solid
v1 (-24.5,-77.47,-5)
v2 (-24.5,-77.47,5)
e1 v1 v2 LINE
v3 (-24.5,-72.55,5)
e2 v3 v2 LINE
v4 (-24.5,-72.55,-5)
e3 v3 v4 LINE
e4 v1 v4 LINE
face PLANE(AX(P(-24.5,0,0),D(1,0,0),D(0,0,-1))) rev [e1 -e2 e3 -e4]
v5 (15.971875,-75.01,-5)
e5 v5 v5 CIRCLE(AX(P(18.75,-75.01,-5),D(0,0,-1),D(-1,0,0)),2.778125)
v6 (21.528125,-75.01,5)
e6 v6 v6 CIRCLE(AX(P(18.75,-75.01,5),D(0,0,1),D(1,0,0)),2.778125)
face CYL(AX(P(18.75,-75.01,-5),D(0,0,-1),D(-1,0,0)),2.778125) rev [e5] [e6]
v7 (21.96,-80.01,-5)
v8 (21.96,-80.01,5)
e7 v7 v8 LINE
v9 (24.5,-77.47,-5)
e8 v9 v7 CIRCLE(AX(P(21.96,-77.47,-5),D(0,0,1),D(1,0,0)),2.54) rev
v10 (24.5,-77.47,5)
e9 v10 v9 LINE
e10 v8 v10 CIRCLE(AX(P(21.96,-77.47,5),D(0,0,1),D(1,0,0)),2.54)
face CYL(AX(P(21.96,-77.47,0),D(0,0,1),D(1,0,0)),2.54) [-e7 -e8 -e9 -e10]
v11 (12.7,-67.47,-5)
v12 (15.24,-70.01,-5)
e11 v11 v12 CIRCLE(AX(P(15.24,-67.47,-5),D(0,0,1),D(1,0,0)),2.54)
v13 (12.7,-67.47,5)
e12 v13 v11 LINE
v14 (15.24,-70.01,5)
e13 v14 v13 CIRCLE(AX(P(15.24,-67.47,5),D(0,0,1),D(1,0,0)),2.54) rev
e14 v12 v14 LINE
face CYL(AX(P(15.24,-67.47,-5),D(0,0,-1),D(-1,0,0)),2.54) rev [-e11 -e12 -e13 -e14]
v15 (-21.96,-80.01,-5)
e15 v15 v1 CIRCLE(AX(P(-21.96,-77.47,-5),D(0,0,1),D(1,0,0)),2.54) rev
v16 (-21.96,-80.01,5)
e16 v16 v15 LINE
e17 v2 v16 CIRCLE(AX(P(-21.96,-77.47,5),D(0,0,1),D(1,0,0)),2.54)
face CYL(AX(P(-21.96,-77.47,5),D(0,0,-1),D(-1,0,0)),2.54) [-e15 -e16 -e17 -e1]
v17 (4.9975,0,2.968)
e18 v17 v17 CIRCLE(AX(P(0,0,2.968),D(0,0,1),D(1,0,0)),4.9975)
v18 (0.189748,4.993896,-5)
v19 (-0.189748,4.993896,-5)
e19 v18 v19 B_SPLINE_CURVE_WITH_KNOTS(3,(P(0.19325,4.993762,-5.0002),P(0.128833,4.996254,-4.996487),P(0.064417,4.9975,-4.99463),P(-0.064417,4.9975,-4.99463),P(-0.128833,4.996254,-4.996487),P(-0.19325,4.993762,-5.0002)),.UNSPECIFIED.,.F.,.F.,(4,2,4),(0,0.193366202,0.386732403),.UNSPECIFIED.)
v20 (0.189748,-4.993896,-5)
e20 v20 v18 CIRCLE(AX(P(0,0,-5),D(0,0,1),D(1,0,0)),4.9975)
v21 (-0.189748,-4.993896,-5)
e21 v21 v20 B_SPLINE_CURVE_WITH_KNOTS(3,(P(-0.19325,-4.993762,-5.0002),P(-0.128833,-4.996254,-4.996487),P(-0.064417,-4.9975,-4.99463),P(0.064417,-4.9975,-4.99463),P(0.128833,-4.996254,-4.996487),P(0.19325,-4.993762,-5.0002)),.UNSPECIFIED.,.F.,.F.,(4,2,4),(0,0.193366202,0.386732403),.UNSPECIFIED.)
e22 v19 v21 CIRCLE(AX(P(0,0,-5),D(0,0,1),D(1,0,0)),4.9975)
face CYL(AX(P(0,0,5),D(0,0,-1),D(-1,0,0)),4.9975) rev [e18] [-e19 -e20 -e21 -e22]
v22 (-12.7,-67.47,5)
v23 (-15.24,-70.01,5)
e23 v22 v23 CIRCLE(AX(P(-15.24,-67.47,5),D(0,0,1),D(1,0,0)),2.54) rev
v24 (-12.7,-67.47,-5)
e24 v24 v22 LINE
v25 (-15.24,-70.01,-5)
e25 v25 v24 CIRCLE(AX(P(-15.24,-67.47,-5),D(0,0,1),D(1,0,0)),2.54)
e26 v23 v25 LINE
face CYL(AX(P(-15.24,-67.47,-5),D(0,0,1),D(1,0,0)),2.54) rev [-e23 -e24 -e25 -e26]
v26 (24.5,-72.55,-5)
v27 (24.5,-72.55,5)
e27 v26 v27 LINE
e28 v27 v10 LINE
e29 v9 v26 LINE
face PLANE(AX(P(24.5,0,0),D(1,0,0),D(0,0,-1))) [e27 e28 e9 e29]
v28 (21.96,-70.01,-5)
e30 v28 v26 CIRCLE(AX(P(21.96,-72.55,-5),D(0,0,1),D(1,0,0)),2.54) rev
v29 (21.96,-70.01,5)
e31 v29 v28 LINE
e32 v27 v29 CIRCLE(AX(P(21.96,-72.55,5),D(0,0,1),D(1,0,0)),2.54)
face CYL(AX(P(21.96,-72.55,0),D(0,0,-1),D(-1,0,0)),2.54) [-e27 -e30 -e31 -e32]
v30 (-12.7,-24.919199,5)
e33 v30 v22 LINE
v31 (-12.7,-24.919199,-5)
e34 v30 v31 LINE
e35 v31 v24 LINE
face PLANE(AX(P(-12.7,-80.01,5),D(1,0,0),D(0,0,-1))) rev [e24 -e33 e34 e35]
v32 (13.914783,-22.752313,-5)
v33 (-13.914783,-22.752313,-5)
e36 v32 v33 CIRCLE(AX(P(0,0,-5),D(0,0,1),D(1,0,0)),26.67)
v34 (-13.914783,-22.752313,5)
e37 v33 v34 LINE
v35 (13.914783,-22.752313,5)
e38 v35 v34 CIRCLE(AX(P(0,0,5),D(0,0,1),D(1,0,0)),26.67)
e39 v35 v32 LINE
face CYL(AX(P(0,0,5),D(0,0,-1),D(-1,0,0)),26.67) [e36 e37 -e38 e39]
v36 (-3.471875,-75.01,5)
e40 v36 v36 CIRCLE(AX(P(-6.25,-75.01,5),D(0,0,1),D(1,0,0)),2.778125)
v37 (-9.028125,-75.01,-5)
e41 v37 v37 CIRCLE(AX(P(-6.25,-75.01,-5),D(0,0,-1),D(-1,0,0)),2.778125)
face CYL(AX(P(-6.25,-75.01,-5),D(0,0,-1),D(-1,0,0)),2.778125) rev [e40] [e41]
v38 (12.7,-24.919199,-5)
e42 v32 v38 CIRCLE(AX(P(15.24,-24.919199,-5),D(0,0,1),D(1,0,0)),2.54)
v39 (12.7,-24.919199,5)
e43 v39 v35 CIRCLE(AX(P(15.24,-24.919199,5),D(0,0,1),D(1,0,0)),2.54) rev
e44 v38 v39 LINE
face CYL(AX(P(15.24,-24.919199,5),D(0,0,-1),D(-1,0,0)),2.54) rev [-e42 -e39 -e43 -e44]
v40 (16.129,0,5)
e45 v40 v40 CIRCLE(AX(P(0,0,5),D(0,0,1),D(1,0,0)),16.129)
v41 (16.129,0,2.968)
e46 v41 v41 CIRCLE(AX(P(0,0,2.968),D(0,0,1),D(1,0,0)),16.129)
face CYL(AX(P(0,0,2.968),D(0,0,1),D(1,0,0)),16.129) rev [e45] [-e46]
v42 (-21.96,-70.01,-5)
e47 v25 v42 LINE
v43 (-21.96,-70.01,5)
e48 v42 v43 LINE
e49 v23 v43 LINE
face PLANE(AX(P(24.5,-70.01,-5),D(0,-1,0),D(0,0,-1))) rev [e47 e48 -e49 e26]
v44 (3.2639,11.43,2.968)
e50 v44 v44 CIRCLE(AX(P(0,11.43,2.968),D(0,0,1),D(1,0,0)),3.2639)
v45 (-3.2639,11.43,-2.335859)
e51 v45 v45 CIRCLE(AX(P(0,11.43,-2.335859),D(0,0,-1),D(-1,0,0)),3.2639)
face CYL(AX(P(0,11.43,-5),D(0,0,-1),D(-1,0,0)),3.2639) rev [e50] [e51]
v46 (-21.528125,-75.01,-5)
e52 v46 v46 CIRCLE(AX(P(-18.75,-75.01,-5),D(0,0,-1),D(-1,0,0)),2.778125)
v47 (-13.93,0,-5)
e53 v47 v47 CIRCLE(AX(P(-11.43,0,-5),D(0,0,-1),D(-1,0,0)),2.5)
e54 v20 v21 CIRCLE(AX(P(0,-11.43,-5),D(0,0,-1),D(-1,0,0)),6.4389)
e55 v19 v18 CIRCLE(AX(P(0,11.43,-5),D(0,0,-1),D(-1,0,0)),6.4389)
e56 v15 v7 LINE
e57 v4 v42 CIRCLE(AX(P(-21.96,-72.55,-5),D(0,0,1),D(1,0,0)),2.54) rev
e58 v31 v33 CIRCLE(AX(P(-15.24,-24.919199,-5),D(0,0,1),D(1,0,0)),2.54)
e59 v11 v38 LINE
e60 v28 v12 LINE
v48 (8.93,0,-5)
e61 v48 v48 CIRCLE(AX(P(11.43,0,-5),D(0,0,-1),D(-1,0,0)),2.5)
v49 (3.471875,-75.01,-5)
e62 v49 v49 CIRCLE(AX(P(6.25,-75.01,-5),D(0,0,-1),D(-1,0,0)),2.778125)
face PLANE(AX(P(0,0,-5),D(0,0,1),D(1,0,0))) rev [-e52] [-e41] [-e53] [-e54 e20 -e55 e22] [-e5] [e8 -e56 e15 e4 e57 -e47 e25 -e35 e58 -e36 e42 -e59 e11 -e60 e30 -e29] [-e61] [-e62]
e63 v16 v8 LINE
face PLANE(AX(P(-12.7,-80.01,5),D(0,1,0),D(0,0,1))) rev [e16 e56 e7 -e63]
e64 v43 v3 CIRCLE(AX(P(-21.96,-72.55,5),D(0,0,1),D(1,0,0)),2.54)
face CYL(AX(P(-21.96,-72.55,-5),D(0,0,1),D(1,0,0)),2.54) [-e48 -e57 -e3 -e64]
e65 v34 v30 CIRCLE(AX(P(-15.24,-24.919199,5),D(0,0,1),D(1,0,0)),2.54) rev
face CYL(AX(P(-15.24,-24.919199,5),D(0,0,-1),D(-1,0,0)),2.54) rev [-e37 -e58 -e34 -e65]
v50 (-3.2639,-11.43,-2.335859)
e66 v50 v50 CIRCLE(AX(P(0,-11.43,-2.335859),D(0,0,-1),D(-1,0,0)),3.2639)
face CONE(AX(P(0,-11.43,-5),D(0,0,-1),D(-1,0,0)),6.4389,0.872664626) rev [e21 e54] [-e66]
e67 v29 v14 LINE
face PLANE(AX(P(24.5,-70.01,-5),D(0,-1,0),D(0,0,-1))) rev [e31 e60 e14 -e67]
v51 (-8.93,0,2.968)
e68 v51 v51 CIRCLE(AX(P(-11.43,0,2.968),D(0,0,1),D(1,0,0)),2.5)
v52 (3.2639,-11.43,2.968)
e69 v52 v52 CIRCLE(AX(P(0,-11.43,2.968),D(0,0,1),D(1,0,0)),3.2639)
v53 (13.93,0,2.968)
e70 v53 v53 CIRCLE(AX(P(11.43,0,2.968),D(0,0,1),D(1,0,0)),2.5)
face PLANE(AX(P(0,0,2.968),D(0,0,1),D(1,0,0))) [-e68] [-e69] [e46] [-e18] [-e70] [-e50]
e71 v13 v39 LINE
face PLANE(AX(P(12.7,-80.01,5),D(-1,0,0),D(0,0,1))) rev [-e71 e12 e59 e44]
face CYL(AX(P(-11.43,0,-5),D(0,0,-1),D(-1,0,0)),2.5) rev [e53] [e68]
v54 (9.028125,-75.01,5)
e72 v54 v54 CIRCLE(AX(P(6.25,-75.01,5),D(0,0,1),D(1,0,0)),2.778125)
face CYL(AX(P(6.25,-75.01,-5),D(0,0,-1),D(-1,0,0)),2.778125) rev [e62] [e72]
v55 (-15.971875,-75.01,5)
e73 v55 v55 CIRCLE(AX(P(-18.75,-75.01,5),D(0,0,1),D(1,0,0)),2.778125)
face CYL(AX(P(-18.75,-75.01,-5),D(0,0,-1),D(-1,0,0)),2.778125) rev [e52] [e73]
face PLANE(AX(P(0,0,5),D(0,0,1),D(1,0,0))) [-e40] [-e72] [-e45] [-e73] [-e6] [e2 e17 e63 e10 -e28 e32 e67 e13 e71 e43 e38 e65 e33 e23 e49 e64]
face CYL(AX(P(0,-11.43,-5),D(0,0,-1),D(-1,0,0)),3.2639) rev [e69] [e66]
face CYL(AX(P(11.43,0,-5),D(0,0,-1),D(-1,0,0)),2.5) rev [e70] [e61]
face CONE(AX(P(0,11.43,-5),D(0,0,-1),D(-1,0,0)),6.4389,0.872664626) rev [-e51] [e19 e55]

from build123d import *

# Parameters (mm, degrees)
SKETCH1_R                                           = 4.9975
BOSS_EXTRUDE1_DEPTH                                 = 4.999999995
SKETCH5_R                                           = 16.129
CUT_EXTRUDE2_DEPTH                                  = 2.032
F_5_0MM_DOWEL_HOLE1_D                               = 5
F_5_0MM_DOWEL_HOLE1_DEPTH                           = 16.51
F_5_0MM_DOWEL_HOLE1_TIP                             = 1.502151548
CSK_FOR_1_4_FLAT_HEAD_MACHINE_SCREW_100_D           = 6.5278
CSK_FOR_1_4_FLAT_HEAD_MACHINE_SCREW_100_DEPTH       = 16.51
CSK_FOR_1_4_FLAT_HEAD_MACHINE_SCREW_100_CSINK_D     = 12.8778
CSK_FOR_1_4_FLAT_HEAD_MACHINE_SCREW_100_CSINK_ANGLE = 100
CSK_FOR_1_4_FLAT_HEAD_MACHINE_SCREW_100_TIP         = 1.961148974
SKETCH26_W                                          = 9.99999999
SKETCH26_H                                          = 10.000000066
BOSS_EXTRUDE2_DEPTH                                 = 24.500000022
FILLET1_R                                           = 2.54
F_7_32_0_21875_DIAMETER_HOLE1_D                     = 5.55625
F_7_32_0_21875_DIAMETER_HOLE1_DEPTH                 = 16.51
F_7_32_0_21875_DIAMETER_HOLE1_TIP                   = 1.669265907


with BuildPart() as part:
    # Sketch1 → Boss-Extrude1 (new, symmetric)
    with BuildSketch(Plane.XY):
        with BuildLine():
            Line((-12.7, -80.01), (12.7, -80.01))
            Line((12.7, -80.01), (12.7, -23.452055347))
            ThreePointArc((12.7, -23.452055347), (0, 26.67), (-12.7, -23.452055347))
            Line((-12.7, -23.452055347), (-12.7, -80.01))
        make_face()
        Circle(SKETCH1_R, mode=Mode.SUBTRACT)
    extrude(amount=BOSS_EXTRUDE1_DEPTH, both=True)

    # Sketch5 → Cut-Extrude2 (cut)
    with BuildSketch(Plane.XY.offset(4.999999995)):
        Circle(SKETCH5_R)
    extrude(amount=-CUT_EXTRUDE2_DEPTH, mode=Mode.SUBTRACT)

    # Ø5.0mm Dowel Hole1
    with Locations(Plane(origin=(11.43, 0, -4.999999995), x_dir=(-1, 0, 0), z_dir=(0, 0, -1))):
        with Locations((0, 0), (22.86, 0)):
            Hole(F_5_0MM_DOWEL_HOLE1_D / 2, depth=F_5_0MM_DOWEL_HOLE1_DEPTH)
            with Locations((0, 0, -(F_5_0MM_DOWEL_HOLE1_DEPTH + F_5_0MM_DOWEL_HOLE1_TIP / 2))):  # 118° drill point
                Cone(0, F_5_0MM_DOWEL_HOLE1_D / 2, F_5_0MM_DOWEL_HOLE1_TIP, mode=Mode.SUBTRACT)

    # CSK for 1/4 Flat Head Machine Screw (100)1
    with Locations(Plane(origin=(0, 11.43, -4.999999995), x_dir=(-1, 0, 0), z_dir=(0, 0, -1))):
        with Locations((0, 0), (0, -22.86)):
            CounterSinkHole(CSK_FOR_1_4_FLAT_HEAD_MACHINE_SCREW_100_D / 2, CSK_FOR_1_4_FLAT_HEAD_MACHINE_SCREW_100_CSINK_D / 2, depth=CSK_FOR_1_4_FLAT_HEAD_MACHINE_SCREW_100_DEPTH, counter_sink_angle=CSK_FOR_1_4_FLAT_HEAD_MACHINE_SCREW_100_CSINK_ANGLE)
            with Locations((0, 0, -(CSK_FOR_1_4_FLAT_HEAD_MACHINE_SCREW_100_DEPTH + CSK_FOR_1_4_FLAT_HEAD_MACHINE_SCREW_100_TIP / 2))):  # 118° drill point
                Cone(0, CSK_FOR_1_4_FLAT_HEAD_MACHINE_SCREW_100_D / 2, CSK_FOR_1_4_FLAT_HEAD_MACHINE_SCREW_100_TIP, mode=Mode.SUBTRACT)

    # Sketch26 → Boss-Extrude2 (add, symmetric)
    with BuildSketch(Plane(origin=(0, 0, 0), x_dir=(0, 0, -1), z_dir=(1, 0, 0))):
        with Locations((0, -75.009999967)):
            Rectangle(SKETCH26_W, SKETCH26_H)
    extrude(amount=BOSS_EXTRUDE2_DEPTH, both=True)

    # Fillet1
    fillet1_edges = [part.edges().sort_by_distance(p)[0] for p in [
        (12.7, -23.452055347, 0),
        (12.7, -70.009999934, 0),
        (-12.7, -23.452055347, 0),
        (-12.7, -70.009999934, 0),
        (-24.500000022, -70.009999934, 0),
        (-24.500000022, -80.01, 0),
        (24.500000022, -70.009999934, 0),
        (24.500000022, -80.01, 0),
    ]]
    fillet(fillet1_edges, radius=FILLET1_R)

    # 7/32 (0.21875) Diameter Hole1
    with Locations(Plane(origin=(-18.749999584, -75.009999967, -4.999999995), x_dir=(-1, 0, 0), z_dir=(0, 0, -1))):
        with Locations((0, 0), (-12.499999892, 0), (-24.999999784, 0), (-37.499999676, 0)):
            Hole(F_7_32_0_21875_DIAMETER_HOLE1_D / 2, depth=F_7_32_0_21875_DIAMETER_HOLE1_DEPTH)
            with Locations((0, 0, -(F_7_32_0_21875_DIAMETER_HOLE1_DEPTH + F_7_32_0_21875_DIAMETER_HOLE1_TIP / 2))):  # 118° drill point
                Cone(0, F_7_32_0_21875_DIAMETER_HOLE1_D / 2, F_7_32_0_21875_DIAMETER_HOLE1_TIP, mode=Mode.SUBTRACT)


solid = part.part
